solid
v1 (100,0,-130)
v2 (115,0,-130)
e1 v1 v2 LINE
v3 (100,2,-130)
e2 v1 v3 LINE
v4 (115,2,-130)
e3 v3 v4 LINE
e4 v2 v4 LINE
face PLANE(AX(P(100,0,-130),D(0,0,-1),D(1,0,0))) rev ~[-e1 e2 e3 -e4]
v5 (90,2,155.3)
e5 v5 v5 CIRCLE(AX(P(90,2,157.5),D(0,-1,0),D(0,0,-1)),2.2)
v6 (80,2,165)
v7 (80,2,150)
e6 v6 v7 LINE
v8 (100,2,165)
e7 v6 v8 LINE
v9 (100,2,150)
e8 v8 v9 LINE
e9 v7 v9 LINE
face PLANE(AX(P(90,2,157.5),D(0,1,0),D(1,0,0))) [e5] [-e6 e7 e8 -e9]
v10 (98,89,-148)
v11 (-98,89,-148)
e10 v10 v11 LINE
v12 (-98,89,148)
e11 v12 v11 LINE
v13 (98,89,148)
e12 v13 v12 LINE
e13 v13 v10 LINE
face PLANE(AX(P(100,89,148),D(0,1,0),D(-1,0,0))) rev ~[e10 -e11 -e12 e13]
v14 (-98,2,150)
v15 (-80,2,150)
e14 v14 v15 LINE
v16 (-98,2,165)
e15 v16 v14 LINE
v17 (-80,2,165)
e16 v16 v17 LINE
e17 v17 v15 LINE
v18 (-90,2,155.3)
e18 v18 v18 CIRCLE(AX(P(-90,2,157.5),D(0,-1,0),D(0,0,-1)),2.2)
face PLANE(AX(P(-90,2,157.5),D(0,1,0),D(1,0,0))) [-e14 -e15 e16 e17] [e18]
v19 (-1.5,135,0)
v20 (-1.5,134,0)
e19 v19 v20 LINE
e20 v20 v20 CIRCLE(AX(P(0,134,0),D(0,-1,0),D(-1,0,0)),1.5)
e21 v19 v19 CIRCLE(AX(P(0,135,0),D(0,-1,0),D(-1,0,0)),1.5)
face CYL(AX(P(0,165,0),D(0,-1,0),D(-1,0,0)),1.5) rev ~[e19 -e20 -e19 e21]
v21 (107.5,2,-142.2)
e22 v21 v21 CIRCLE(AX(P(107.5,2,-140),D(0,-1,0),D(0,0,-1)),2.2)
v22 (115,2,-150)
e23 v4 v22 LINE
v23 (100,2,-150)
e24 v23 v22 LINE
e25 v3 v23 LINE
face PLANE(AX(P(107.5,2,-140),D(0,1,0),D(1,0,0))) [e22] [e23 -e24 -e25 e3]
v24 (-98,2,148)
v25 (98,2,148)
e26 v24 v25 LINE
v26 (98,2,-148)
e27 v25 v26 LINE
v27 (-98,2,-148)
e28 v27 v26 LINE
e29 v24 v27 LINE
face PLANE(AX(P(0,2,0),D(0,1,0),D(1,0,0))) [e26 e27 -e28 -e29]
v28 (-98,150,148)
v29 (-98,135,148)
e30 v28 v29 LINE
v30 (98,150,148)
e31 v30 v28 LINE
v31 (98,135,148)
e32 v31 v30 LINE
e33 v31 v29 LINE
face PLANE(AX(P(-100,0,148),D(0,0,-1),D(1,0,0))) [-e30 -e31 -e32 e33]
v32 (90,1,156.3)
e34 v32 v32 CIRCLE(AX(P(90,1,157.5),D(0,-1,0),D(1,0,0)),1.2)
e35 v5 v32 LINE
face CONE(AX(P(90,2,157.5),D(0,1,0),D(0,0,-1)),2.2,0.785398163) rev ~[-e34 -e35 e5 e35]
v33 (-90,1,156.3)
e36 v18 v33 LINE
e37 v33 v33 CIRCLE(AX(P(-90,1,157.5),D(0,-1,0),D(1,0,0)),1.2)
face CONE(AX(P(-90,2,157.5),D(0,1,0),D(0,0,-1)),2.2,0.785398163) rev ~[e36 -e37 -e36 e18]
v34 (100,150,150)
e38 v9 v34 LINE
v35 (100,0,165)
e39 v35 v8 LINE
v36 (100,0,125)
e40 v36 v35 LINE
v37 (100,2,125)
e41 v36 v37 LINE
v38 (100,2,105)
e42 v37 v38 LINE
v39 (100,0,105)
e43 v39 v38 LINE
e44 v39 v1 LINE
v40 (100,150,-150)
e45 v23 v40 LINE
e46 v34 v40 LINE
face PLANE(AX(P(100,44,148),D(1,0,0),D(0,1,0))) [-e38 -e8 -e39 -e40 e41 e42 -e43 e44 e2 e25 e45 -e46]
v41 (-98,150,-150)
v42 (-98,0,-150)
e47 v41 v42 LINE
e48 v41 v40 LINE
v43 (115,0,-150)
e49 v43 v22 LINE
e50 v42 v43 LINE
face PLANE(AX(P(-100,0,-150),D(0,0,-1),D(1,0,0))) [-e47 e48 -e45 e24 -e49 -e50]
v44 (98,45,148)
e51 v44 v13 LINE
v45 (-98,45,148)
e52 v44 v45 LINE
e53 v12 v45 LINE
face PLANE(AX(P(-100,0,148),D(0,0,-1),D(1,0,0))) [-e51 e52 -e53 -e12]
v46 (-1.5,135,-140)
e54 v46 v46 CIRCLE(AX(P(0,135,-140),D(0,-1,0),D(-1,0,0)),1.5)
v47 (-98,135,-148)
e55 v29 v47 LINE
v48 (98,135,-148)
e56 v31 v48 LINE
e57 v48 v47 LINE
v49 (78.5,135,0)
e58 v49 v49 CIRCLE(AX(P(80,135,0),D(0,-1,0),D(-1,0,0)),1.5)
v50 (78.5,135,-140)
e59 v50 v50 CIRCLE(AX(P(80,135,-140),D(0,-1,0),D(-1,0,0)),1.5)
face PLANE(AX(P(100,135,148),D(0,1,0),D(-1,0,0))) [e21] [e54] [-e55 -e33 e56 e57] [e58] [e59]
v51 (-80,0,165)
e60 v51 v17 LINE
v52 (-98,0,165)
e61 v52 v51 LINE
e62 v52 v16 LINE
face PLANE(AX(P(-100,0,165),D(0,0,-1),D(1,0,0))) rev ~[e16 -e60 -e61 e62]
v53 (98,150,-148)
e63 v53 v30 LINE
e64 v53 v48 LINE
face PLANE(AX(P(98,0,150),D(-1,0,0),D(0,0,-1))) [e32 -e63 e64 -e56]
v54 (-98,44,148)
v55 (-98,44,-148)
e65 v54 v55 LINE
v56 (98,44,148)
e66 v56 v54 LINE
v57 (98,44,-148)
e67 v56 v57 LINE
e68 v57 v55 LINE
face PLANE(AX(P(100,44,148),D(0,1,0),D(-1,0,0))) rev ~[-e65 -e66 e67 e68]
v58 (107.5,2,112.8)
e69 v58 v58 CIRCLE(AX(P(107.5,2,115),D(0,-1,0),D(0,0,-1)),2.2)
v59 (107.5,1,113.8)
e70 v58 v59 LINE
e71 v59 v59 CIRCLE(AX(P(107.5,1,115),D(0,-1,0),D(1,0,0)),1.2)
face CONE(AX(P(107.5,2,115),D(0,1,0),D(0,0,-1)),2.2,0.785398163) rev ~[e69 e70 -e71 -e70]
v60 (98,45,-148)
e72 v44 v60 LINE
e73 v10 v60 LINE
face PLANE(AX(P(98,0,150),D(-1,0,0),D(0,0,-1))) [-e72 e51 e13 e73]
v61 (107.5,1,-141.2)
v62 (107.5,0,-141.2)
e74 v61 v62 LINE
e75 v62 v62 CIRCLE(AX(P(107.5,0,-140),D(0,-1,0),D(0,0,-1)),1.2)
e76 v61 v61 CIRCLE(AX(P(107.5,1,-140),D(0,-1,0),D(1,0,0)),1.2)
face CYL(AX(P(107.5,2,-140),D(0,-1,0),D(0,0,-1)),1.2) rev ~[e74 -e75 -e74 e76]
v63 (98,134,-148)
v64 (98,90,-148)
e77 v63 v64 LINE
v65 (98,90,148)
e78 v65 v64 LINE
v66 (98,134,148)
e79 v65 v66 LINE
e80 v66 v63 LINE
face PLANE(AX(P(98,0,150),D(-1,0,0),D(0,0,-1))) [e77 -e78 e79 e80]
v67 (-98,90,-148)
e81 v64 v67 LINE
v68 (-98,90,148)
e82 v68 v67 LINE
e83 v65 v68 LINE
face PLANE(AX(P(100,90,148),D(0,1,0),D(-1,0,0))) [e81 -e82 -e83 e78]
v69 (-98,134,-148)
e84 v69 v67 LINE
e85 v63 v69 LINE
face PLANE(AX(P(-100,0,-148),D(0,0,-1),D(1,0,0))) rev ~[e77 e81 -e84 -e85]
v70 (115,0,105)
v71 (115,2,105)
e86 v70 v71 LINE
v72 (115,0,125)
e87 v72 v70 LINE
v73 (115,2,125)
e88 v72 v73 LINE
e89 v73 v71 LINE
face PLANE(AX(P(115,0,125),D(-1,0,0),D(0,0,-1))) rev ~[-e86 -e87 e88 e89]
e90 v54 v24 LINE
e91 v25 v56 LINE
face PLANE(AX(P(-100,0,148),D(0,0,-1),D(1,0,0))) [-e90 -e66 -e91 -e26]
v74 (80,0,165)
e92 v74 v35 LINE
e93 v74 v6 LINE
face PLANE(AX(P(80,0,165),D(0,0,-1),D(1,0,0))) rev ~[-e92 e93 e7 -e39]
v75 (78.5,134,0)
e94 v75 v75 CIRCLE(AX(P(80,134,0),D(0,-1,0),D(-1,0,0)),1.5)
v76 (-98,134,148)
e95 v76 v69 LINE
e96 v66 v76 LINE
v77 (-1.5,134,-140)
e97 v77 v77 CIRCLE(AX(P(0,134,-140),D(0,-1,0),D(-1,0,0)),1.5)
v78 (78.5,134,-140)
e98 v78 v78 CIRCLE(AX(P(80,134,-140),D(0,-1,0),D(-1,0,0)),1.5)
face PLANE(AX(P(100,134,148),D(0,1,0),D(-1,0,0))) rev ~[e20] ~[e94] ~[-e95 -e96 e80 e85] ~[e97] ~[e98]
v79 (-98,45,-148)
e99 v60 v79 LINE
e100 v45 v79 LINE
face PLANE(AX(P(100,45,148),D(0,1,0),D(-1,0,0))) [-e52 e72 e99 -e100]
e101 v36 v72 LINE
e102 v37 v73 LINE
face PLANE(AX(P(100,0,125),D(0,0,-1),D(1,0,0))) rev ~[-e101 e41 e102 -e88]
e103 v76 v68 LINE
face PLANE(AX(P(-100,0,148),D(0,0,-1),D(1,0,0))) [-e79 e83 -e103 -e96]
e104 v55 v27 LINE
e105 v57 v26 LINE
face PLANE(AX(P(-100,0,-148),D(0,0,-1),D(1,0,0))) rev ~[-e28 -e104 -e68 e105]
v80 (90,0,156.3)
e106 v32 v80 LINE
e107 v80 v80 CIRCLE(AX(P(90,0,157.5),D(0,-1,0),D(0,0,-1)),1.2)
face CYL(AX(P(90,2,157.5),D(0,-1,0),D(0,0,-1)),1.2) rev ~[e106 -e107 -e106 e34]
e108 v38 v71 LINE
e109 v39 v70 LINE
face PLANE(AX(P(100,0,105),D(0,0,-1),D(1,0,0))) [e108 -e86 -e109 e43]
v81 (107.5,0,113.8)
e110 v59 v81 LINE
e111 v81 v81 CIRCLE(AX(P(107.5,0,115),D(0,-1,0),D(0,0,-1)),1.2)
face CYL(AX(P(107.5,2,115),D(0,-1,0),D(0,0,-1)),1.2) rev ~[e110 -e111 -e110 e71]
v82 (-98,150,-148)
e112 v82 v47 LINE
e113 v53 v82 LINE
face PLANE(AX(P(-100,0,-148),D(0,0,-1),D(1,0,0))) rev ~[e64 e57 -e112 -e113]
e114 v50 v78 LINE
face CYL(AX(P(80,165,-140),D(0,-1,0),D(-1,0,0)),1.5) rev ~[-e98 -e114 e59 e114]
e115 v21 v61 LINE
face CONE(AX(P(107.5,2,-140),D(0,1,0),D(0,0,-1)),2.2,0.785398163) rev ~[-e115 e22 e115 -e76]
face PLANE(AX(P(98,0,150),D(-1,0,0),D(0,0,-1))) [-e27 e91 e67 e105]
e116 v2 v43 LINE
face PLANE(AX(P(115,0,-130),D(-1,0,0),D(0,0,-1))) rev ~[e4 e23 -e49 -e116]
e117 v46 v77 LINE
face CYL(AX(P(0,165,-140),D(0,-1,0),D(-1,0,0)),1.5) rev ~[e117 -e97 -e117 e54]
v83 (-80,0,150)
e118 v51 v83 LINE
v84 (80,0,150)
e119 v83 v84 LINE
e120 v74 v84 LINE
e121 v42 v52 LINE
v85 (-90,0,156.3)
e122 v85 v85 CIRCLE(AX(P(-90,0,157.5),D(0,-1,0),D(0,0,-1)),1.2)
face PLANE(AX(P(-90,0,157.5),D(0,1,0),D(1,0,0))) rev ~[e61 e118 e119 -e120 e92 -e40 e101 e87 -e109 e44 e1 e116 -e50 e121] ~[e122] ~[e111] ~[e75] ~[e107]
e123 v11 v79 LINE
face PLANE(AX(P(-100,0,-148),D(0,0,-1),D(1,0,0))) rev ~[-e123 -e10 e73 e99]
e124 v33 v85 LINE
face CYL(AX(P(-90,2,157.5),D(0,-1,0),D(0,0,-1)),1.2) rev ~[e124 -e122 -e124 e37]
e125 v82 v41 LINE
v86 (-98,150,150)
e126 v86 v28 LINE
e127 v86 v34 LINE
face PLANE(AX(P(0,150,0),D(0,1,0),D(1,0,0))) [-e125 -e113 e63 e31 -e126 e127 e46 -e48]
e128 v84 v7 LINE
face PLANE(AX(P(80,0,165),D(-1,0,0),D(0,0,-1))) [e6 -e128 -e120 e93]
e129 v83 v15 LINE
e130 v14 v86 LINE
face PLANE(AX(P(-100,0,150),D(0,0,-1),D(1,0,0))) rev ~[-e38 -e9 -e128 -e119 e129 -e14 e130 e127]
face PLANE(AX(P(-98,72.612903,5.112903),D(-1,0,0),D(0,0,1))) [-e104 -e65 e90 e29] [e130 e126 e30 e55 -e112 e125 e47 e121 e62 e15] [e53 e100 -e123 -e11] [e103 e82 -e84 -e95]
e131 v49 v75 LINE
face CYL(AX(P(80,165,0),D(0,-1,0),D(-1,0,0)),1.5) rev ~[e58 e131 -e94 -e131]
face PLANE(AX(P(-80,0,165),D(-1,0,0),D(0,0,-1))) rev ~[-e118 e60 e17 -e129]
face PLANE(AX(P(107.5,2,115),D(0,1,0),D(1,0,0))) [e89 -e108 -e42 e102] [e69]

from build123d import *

# Parameters (mm, degrees)
SKETCH2_W                                           = 200
SKETCH2_H                                           = 300
BOSS_EXTRUDE1_DEPTH                                 = 150
SHELL1_T                                            = -2
SKETCH4_W                                           = 20
SKETCH4_H                                           = 15
SKETCH4_W_2                                         = 15
SKETCH4_H_2                                         = 20
BOSS_EXTRUDE2_DEPTH                                 = 2
CSK_FOR_M2_COUNTERSUNK_FLAT_HEAD_SCREW1_D           = 2.4
CSK_FOR_M2_COUNTERSUNK_FLAT_HEAD_SCREW1_DEPTH       = 30
CSK_FOR_M2_COUNTERSUNK_FLAT_HEAD_SCREW1_CSINK_D     = 4.4
CSK_FOR_M2_COUNTERSUNK_FLAT_HEAD_SCREW1_CSINK_ANGLE = 90
CSK_FOR_M2_COUNTERSUNK_FLAT_HEAD_SCREW1_TIP         = 0.721032743
SKETCH6_W                                           = 200
SKETCH6_H                                           = 1
EXTRUDE_THIN1_DEPTH                                 = 296
CUT_EXTRUDE1_DEPTH                                  = 2
F_3_0MM_DOWEL_HOLE1_D                               = 3
F_3_0MM_DOWEL_HOLE1_DEPTH                           = 30
F_3_0MM_DOWEL_HOLE1_TIP                             = 0.901290929


with BuildPart() as part:
    # Sketch2 → Boss-Extrude1 (new body)
    with BuildSketch(Plane(origin=(0, 0, 0), x_dir=(1, 0, 0), z_dir=(0, 1, 0))):
        Rectangle(SKETCH2_W, SKETCH2_H)
    extrude(amount=BOSS_EXTRUDE1_DEPTH)

    # Shell1
    shell1_openings = [part.faces().sort_by_distance(p)[0] for p in [
        (0, 150, 0),
    ]]
    offset(amount=SHELL1_T, openings=shell1_openings, kind=Kind.INTERSECTION)

    # Sketch4 → Boss-Extrude2 (add)
    with BuildSketch(Plane(origin=(0, 0, 0), x_dir=(1, 0, 0), z_dir=(0, 1, 0))):
        with Locations((-90, -157.5)):
            Rectangle(SKETCH4_W, SKETCH4_H)
        with Locations((90, -157.5)):
            Rectangle(SKETCH4_W, SKETCH4_H)
        with Locations((107.5, 140)):
            Rectangle(SKETCH4_W_2, SKETCH4_H_2)
        with Locations((107.5, -115)):
            Rectangle(SKETCH4_W_2, SKETCH4_H_2)
    extrude(amount=BOSS_EXTRUDE2_DEPTH)

    # CSK for M2 Countersunk Flat Head Screw1
    with Locations(Plane(origin=(107.5, 2, -140), x_dir=(0, 0, 1), z_dir=(0, 1, 0))):
        with Locations((0, 0), (255, 0), (297.5, -17.5), (297.5, -197.5)):
            CounterSinkHole(CSK_FOR_M2_COUNTERSUNK_FLAT_HEAD_SCREW1_D / 2, CSK_FOR_M2_COUNTERSUNK_FLAT_HEAD_SCREW1_CSINK_D / 2, depth=CSK_FOR_M2_COUNTERSUNK_FLAT_HEAD_SCREW1_DEPTH, counter_sink_angle=CSK_FOR_M2_COUNTERSUNK_FLAT_HEAD_SCREW1_CSINK_ANGLE)
            with Locations((0, 0, -(CSK_FOR_M2_COUNTERSUNK_FLAT_HEAD_SCREW1_DEPTH + CSK_FOR_M2_COUNTERSUNK_FLAT_HEAD_SCREW1_TIP / 2))):  # 118° drill point
                Cone(0, CSK_FOR_M2_COUNTERSUNK_FLAT_HEAD_SCREW1_D / 2, CSK_FOR_M2_COUNTERSUNK_FLAT_HEAD_SCREW1_TIP, mode=Mode.SUBTRACT)

    # Sketch6 → Extrude-Thin1 (add)
    with BuildSketch(Plane(origin=(0, 0, 148), x_dir=(-1, 0, 0), z_dir=(0, 0, -1))):
        with Locations((0, 44.5)):
            Rectangle(SKETCH6_W, SKETCH6_H)
        with Locations((0, 89.5)):
            Rectangle(SKETCH6_W, SKETCH6_H)
        with Locations((0, 134.5)):
            Rectangle(SKETCH6_W, SKETCH6_H)
    extrude(amount=EXTRUDE_THIN1_DEPTH)

    # Sketch7 → Cut-Extrude1 (cut)
    with BuildSketch(Plane.ZY.offset(100)):
        Polygon((-150, 0), (165, 0), (165, 2), (150, 2), (150, 150), (-150, 150), align=None)
    extrude(amount=-CUT_EXTRUDE1_DEPTH, mode=Mode.SUBTRACT)

    # Ø3.0mm Dowel Hole1
    with Locations(Plane(origin=(0, 135, 0), x_dir=(1, 0, 0), z_dir=(0, 1, 0))):
        with Locations((0, 0), (80, 140), (0, 140), (80, 0)):
            Hole(F_3_0MM_DOWEL_HOLE1_D / 2, depth=F_3_0MM_DOWEL_HOLE1_DEPTH)
            with Locations((0, 0, -(F_3_0MM_DOWEL_HOLE1_DEPTH + F_3_0MM_DOWEL_HOLE1_TIP / 2))):  # 118° drill point
                Cone(0, F_3_0MM_DOWEL_HOLE1_D / 2, F_3_0MM_DOWEL_HOLE1_TIP, mode=Mode.SUBTRACT)


solid = part.part
